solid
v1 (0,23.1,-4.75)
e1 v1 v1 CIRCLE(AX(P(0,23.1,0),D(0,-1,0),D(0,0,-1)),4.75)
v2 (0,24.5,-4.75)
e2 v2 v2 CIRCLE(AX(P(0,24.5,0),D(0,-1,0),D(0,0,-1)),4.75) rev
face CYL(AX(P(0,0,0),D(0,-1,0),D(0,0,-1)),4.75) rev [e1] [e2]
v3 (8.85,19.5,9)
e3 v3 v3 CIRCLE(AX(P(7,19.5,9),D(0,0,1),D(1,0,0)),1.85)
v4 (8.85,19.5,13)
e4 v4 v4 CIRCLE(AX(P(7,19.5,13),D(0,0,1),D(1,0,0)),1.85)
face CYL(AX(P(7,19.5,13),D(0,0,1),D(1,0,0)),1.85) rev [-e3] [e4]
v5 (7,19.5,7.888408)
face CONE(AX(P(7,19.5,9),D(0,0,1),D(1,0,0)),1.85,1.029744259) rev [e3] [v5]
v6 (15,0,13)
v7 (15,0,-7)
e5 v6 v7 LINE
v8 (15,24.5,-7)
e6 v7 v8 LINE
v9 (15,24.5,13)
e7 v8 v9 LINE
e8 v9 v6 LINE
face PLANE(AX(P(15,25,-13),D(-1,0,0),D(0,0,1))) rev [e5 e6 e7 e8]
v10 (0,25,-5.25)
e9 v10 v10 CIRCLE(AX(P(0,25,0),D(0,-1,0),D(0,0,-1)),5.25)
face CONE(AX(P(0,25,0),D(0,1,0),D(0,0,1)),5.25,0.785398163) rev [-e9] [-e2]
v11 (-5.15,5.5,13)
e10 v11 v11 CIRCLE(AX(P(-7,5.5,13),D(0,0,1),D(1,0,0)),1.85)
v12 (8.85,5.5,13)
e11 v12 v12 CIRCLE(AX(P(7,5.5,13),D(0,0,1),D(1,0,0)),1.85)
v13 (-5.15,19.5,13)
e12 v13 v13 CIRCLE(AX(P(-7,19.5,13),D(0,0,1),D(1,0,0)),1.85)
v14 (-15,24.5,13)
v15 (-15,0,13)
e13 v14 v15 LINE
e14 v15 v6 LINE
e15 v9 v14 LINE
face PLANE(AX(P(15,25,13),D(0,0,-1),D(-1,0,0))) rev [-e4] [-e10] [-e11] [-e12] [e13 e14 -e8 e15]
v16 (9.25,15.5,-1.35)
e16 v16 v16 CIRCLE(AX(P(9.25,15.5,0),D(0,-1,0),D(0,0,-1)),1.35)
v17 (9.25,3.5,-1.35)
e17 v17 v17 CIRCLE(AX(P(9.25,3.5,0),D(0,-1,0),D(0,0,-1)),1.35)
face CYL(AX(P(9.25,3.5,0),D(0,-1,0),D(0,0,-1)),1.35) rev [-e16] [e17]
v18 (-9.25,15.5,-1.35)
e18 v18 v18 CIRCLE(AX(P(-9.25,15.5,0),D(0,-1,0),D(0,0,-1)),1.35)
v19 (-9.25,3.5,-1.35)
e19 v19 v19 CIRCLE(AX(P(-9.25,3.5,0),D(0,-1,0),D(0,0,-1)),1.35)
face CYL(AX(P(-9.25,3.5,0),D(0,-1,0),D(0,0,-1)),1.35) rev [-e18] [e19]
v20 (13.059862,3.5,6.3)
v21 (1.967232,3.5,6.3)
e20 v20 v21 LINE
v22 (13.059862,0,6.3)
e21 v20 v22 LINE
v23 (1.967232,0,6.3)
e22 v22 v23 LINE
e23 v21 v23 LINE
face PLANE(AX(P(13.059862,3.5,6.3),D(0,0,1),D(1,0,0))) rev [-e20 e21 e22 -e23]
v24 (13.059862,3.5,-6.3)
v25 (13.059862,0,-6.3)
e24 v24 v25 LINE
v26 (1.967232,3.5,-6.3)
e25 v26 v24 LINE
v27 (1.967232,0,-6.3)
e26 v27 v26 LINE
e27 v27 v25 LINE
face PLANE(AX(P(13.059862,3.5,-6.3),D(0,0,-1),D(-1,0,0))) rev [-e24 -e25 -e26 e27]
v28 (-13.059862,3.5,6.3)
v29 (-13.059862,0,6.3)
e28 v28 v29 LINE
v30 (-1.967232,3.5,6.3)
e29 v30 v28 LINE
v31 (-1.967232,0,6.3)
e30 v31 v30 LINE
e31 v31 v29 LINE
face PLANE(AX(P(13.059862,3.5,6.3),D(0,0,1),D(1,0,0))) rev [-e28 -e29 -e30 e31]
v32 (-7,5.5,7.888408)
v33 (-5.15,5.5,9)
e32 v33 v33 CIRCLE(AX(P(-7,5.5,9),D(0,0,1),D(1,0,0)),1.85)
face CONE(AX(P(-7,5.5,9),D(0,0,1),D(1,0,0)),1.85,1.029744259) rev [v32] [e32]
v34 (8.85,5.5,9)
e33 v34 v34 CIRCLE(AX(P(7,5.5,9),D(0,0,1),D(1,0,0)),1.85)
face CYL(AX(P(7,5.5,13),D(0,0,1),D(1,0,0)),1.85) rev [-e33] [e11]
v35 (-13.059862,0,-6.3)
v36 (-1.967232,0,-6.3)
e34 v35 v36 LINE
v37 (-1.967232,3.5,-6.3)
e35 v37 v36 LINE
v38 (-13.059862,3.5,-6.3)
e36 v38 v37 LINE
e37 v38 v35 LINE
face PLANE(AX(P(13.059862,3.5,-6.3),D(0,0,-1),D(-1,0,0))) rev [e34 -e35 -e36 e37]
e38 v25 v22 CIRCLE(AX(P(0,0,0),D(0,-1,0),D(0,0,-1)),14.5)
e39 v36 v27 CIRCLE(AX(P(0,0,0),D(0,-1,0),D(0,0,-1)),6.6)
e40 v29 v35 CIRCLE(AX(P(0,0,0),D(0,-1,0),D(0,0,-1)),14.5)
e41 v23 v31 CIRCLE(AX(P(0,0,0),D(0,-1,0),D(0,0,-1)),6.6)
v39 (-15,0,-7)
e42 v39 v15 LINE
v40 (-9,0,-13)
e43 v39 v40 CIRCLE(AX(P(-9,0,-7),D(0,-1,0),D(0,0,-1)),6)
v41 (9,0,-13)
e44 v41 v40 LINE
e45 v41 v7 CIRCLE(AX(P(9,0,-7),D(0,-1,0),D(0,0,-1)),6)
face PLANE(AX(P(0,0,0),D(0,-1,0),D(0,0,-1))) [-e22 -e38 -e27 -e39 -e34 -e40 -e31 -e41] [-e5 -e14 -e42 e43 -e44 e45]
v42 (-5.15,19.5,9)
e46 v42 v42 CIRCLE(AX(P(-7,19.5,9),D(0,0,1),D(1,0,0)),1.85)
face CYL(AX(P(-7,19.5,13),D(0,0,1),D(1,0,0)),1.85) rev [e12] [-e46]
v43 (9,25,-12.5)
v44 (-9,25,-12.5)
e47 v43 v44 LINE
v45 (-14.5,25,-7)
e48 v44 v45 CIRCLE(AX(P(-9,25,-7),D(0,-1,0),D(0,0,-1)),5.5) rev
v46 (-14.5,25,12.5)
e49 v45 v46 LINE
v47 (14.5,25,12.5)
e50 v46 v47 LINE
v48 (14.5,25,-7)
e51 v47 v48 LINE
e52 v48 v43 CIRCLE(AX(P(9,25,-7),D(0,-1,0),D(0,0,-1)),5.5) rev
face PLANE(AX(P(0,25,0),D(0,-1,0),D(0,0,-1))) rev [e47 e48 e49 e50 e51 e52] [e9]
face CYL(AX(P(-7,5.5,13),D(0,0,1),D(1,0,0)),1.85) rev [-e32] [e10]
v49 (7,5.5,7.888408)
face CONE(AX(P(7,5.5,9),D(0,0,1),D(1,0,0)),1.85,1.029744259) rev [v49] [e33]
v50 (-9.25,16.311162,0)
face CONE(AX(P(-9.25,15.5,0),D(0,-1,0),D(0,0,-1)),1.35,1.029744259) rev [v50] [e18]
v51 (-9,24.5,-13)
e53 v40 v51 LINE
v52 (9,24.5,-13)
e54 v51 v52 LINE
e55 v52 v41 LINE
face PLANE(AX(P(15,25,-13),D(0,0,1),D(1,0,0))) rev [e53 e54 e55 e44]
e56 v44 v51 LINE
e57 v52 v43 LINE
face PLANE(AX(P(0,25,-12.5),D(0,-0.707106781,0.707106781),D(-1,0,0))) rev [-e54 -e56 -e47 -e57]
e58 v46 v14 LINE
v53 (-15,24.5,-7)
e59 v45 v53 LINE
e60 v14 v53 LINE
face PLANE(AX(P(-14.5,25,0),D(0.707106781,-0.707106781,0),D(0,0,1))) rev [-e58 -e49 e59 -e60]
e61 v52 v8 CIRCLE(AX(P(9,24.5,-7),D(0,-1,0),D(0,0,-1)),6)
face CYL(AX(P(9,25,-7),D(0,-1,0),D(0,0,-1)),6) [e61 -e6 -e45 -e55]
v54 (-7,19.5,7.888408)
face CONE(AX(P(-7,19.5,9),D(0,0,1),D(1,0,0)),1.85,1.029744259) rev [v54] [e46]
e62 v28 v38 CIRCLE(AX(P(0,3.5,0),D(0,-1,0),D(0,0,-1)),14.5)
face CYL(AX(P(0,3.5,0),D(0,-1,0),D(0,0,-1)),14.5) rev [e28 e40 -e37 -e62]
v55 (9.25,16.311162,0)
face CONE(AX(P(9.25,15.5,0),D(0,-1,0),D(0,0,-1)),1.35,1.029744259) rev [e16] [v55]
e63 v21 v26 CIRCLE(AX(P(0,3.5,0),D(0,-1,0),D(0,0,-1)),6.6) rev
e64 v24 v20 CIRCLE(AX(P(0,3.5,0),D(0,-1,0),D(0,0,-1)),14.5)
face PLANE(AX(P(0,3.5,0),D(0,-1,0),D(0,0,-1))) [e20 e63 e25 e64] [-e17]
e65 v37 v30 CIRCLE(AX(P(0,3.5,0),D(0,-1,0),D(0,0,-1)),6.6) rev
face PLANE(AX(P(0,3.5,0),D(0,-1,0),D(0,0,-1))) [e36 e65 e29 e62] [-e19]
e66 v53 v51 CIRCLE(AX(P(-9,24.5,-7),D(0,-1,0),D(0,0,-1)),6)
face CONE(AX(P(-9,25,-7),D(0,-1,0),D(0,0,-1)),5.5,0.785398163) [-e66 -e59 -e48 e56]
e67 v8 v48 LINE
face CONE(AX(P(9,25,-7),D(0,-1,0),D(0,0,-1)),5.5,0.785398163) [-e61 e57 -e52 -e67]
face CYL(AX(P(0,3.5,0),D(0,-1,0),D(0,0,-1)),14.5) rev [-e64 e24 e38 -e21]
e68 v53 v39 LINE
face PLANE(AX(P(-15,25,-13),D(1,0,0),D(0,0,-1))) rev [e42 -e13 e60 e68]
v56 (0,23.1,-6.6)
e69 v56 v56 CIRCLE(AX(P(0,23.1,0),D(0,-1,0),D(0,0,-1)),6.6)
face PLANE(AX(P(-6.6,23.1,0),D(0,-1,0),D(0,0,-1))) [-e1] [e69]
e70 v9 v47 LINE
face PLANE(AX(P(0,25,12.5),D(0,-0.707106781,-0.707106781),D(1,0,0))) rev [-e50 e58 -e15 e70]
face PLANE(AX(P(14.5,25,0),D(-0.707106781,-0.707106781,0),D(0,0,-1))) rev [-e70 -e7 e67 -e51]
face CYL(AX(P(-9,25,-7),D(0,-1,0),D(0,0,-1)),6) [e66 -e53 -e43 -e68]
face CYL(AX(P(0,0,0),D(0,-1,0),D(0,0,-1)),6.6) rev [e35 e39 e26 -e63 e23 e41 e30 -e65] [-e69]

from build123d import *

# Parameters (mm, degrees)
SKETCH1_W                      = 30
SKETCH1_H                      = 26
BOSS_EXTRUDE1_DEPTH            = 25
CUT_EXTRUDE3_DEPTH             = 3.5
F_3_7_3_7_DIAMETER_HOLE1_D     = 3.7
F_3_7_3_7_DIAMETER_HOLE1_DEPTH = 4
F_3_7_3_7_DIAMETER_HOLE1_TIP   = 1.111592145
F_2_7_2_7_DIAMETER_HOLE3_D     = 2.7
F_2_7_2_7_DIAMETER_HOLE3_DEPTH = 12
F_2_7_2_7_DIAMETER_HOLE3_TIP   = 0.811161836
FILLET1_R                      = 6
CHAMFER1_SIZE                  = 0.5


with BuildPart() as part:
    # Sketch1 → Boss-Extrude1 (new body)
    with BuildSketch(Plane(origin=(0, 0, 0), x_dir=(1, 0, 0), z_dir=(0, 1, 0))):
        Rectangle(SKETCH1_W, SKETCH1_H)
    extrude(amount=BOSS_EXTRUDE1_DEPTH)

    # Sketch12 → Cut-Extrude3 (cut)
    with BuildSketch(Plane.XZ):
        with BuildLine():
            Line((13.059862174, 6.3), (-13.059862174, 6.3))
            ThreePointArc((-13.059862174, 6.3), (-14.5, 0), (-13.059862174, -6.3))
            Line((-13.059862174, -6.3), (13.059862174, -6.3))
            ThreePointArc((13.059862174, -6.3), (14.5, 0), (13.059862174, 6.3))
        make_face()
    extrude(amount=-CUT_EXTRUDE3_DEPTH, mode=Mode.SUBTRACT)

    # Ø3.7 (3.7) Diameter Hole1
    with Locations(Plane.XY.offset(13)):
        with Locations((7, 5.5), (7, 19.5), (-7, 5.5), (-7, 19.5)):
            Hole(F_3_7_3_7_DIAMETER_HOLE1_D / 2, depth=F_3_7_3_7_DIAMETER_HOLE1_DEPTH)
            with Locations((0, 0, -(F_3_7_3_7_DIAMETER_HOLE1_DEPTH + F_3_7_3_7_DIAMETER_HOLE1_TIP / 2))):  # 118° drill point
                Cone(0, F_3_7_3_7_DIAMETER_HOLE1_D / 2, F_3_7_3_7_DIAMETER_HOLE1_TIP, mode=Mode.SUBTRACT)

    # Sketch13 → Cut-Revolve2 (revolve, cut)
    with BuildSketch(Plane.XY, mode=Mode.PRIVATE) as cut_revolve2_sk:
        Polygon((-6.6, 0), (-6.6, 23.1), (-4.75, 23.1), (-4.75, 25), (0, 25), (0, 0), align=None)
    revolve(cut_revolve2_sk.sketch.rotate(Axis((0, 0, 0), (0, 1, 0)), 270), axis=Axis((0, 0, 0), (0, 1, 0)), mode=Mode.SUBTRACT)

    # Ø2.7 (2.7) Diameter Hole3
    with Locations(Plane.XZ.offset(-3.5)):
        with Locations((-9.25, 0), (9.25, 0)):
            Hole(F_2_7_2_7_DIAMETER_HOLE3_D / 2, depth=F_2_7_2_7_DIAMETER_HOLE3_DEPTH)
            with Locations((0, 0, -(F_2_7_2_7_DIAMETER_HOLE3_DEPTH + F_2_7_2_7_DIAMETER_HOLE3_TIP / 2))):  # 118° drill point
                Cone(0, F_2_7_2_7_DIAMETER_HOLE3_D / 2, F_2_7_2_7_DIAMETER_HOLE3_TIP, mode=Mode.SUBTRACT)

    # Fillet1
    fillet1_edges = [part.edges().sort_by_distance(p)[0] for p in [
        (-15, 12.5, -13),
        (15, 12.5, -13),
    ]]
    fillet(fillet1_edges, radius=FILLET1_R)

    # Chamfer1
    chamfer1_edges = [part.edges().sort_by_distance(p)[0] for p in [
        (15, 25, 3),
        (0, 25, 4.75),
        (0, 25, -13),
        (-15, 25, 3),
        (-13.242640687, 25, -11.242640687),
        (13.242640687, 25, -11.242640687),
        (0, 25, 13),
    ]]
    chamfer(chamfer1_edges, length=CHAMFER1_SIZE)


solid = part.part
